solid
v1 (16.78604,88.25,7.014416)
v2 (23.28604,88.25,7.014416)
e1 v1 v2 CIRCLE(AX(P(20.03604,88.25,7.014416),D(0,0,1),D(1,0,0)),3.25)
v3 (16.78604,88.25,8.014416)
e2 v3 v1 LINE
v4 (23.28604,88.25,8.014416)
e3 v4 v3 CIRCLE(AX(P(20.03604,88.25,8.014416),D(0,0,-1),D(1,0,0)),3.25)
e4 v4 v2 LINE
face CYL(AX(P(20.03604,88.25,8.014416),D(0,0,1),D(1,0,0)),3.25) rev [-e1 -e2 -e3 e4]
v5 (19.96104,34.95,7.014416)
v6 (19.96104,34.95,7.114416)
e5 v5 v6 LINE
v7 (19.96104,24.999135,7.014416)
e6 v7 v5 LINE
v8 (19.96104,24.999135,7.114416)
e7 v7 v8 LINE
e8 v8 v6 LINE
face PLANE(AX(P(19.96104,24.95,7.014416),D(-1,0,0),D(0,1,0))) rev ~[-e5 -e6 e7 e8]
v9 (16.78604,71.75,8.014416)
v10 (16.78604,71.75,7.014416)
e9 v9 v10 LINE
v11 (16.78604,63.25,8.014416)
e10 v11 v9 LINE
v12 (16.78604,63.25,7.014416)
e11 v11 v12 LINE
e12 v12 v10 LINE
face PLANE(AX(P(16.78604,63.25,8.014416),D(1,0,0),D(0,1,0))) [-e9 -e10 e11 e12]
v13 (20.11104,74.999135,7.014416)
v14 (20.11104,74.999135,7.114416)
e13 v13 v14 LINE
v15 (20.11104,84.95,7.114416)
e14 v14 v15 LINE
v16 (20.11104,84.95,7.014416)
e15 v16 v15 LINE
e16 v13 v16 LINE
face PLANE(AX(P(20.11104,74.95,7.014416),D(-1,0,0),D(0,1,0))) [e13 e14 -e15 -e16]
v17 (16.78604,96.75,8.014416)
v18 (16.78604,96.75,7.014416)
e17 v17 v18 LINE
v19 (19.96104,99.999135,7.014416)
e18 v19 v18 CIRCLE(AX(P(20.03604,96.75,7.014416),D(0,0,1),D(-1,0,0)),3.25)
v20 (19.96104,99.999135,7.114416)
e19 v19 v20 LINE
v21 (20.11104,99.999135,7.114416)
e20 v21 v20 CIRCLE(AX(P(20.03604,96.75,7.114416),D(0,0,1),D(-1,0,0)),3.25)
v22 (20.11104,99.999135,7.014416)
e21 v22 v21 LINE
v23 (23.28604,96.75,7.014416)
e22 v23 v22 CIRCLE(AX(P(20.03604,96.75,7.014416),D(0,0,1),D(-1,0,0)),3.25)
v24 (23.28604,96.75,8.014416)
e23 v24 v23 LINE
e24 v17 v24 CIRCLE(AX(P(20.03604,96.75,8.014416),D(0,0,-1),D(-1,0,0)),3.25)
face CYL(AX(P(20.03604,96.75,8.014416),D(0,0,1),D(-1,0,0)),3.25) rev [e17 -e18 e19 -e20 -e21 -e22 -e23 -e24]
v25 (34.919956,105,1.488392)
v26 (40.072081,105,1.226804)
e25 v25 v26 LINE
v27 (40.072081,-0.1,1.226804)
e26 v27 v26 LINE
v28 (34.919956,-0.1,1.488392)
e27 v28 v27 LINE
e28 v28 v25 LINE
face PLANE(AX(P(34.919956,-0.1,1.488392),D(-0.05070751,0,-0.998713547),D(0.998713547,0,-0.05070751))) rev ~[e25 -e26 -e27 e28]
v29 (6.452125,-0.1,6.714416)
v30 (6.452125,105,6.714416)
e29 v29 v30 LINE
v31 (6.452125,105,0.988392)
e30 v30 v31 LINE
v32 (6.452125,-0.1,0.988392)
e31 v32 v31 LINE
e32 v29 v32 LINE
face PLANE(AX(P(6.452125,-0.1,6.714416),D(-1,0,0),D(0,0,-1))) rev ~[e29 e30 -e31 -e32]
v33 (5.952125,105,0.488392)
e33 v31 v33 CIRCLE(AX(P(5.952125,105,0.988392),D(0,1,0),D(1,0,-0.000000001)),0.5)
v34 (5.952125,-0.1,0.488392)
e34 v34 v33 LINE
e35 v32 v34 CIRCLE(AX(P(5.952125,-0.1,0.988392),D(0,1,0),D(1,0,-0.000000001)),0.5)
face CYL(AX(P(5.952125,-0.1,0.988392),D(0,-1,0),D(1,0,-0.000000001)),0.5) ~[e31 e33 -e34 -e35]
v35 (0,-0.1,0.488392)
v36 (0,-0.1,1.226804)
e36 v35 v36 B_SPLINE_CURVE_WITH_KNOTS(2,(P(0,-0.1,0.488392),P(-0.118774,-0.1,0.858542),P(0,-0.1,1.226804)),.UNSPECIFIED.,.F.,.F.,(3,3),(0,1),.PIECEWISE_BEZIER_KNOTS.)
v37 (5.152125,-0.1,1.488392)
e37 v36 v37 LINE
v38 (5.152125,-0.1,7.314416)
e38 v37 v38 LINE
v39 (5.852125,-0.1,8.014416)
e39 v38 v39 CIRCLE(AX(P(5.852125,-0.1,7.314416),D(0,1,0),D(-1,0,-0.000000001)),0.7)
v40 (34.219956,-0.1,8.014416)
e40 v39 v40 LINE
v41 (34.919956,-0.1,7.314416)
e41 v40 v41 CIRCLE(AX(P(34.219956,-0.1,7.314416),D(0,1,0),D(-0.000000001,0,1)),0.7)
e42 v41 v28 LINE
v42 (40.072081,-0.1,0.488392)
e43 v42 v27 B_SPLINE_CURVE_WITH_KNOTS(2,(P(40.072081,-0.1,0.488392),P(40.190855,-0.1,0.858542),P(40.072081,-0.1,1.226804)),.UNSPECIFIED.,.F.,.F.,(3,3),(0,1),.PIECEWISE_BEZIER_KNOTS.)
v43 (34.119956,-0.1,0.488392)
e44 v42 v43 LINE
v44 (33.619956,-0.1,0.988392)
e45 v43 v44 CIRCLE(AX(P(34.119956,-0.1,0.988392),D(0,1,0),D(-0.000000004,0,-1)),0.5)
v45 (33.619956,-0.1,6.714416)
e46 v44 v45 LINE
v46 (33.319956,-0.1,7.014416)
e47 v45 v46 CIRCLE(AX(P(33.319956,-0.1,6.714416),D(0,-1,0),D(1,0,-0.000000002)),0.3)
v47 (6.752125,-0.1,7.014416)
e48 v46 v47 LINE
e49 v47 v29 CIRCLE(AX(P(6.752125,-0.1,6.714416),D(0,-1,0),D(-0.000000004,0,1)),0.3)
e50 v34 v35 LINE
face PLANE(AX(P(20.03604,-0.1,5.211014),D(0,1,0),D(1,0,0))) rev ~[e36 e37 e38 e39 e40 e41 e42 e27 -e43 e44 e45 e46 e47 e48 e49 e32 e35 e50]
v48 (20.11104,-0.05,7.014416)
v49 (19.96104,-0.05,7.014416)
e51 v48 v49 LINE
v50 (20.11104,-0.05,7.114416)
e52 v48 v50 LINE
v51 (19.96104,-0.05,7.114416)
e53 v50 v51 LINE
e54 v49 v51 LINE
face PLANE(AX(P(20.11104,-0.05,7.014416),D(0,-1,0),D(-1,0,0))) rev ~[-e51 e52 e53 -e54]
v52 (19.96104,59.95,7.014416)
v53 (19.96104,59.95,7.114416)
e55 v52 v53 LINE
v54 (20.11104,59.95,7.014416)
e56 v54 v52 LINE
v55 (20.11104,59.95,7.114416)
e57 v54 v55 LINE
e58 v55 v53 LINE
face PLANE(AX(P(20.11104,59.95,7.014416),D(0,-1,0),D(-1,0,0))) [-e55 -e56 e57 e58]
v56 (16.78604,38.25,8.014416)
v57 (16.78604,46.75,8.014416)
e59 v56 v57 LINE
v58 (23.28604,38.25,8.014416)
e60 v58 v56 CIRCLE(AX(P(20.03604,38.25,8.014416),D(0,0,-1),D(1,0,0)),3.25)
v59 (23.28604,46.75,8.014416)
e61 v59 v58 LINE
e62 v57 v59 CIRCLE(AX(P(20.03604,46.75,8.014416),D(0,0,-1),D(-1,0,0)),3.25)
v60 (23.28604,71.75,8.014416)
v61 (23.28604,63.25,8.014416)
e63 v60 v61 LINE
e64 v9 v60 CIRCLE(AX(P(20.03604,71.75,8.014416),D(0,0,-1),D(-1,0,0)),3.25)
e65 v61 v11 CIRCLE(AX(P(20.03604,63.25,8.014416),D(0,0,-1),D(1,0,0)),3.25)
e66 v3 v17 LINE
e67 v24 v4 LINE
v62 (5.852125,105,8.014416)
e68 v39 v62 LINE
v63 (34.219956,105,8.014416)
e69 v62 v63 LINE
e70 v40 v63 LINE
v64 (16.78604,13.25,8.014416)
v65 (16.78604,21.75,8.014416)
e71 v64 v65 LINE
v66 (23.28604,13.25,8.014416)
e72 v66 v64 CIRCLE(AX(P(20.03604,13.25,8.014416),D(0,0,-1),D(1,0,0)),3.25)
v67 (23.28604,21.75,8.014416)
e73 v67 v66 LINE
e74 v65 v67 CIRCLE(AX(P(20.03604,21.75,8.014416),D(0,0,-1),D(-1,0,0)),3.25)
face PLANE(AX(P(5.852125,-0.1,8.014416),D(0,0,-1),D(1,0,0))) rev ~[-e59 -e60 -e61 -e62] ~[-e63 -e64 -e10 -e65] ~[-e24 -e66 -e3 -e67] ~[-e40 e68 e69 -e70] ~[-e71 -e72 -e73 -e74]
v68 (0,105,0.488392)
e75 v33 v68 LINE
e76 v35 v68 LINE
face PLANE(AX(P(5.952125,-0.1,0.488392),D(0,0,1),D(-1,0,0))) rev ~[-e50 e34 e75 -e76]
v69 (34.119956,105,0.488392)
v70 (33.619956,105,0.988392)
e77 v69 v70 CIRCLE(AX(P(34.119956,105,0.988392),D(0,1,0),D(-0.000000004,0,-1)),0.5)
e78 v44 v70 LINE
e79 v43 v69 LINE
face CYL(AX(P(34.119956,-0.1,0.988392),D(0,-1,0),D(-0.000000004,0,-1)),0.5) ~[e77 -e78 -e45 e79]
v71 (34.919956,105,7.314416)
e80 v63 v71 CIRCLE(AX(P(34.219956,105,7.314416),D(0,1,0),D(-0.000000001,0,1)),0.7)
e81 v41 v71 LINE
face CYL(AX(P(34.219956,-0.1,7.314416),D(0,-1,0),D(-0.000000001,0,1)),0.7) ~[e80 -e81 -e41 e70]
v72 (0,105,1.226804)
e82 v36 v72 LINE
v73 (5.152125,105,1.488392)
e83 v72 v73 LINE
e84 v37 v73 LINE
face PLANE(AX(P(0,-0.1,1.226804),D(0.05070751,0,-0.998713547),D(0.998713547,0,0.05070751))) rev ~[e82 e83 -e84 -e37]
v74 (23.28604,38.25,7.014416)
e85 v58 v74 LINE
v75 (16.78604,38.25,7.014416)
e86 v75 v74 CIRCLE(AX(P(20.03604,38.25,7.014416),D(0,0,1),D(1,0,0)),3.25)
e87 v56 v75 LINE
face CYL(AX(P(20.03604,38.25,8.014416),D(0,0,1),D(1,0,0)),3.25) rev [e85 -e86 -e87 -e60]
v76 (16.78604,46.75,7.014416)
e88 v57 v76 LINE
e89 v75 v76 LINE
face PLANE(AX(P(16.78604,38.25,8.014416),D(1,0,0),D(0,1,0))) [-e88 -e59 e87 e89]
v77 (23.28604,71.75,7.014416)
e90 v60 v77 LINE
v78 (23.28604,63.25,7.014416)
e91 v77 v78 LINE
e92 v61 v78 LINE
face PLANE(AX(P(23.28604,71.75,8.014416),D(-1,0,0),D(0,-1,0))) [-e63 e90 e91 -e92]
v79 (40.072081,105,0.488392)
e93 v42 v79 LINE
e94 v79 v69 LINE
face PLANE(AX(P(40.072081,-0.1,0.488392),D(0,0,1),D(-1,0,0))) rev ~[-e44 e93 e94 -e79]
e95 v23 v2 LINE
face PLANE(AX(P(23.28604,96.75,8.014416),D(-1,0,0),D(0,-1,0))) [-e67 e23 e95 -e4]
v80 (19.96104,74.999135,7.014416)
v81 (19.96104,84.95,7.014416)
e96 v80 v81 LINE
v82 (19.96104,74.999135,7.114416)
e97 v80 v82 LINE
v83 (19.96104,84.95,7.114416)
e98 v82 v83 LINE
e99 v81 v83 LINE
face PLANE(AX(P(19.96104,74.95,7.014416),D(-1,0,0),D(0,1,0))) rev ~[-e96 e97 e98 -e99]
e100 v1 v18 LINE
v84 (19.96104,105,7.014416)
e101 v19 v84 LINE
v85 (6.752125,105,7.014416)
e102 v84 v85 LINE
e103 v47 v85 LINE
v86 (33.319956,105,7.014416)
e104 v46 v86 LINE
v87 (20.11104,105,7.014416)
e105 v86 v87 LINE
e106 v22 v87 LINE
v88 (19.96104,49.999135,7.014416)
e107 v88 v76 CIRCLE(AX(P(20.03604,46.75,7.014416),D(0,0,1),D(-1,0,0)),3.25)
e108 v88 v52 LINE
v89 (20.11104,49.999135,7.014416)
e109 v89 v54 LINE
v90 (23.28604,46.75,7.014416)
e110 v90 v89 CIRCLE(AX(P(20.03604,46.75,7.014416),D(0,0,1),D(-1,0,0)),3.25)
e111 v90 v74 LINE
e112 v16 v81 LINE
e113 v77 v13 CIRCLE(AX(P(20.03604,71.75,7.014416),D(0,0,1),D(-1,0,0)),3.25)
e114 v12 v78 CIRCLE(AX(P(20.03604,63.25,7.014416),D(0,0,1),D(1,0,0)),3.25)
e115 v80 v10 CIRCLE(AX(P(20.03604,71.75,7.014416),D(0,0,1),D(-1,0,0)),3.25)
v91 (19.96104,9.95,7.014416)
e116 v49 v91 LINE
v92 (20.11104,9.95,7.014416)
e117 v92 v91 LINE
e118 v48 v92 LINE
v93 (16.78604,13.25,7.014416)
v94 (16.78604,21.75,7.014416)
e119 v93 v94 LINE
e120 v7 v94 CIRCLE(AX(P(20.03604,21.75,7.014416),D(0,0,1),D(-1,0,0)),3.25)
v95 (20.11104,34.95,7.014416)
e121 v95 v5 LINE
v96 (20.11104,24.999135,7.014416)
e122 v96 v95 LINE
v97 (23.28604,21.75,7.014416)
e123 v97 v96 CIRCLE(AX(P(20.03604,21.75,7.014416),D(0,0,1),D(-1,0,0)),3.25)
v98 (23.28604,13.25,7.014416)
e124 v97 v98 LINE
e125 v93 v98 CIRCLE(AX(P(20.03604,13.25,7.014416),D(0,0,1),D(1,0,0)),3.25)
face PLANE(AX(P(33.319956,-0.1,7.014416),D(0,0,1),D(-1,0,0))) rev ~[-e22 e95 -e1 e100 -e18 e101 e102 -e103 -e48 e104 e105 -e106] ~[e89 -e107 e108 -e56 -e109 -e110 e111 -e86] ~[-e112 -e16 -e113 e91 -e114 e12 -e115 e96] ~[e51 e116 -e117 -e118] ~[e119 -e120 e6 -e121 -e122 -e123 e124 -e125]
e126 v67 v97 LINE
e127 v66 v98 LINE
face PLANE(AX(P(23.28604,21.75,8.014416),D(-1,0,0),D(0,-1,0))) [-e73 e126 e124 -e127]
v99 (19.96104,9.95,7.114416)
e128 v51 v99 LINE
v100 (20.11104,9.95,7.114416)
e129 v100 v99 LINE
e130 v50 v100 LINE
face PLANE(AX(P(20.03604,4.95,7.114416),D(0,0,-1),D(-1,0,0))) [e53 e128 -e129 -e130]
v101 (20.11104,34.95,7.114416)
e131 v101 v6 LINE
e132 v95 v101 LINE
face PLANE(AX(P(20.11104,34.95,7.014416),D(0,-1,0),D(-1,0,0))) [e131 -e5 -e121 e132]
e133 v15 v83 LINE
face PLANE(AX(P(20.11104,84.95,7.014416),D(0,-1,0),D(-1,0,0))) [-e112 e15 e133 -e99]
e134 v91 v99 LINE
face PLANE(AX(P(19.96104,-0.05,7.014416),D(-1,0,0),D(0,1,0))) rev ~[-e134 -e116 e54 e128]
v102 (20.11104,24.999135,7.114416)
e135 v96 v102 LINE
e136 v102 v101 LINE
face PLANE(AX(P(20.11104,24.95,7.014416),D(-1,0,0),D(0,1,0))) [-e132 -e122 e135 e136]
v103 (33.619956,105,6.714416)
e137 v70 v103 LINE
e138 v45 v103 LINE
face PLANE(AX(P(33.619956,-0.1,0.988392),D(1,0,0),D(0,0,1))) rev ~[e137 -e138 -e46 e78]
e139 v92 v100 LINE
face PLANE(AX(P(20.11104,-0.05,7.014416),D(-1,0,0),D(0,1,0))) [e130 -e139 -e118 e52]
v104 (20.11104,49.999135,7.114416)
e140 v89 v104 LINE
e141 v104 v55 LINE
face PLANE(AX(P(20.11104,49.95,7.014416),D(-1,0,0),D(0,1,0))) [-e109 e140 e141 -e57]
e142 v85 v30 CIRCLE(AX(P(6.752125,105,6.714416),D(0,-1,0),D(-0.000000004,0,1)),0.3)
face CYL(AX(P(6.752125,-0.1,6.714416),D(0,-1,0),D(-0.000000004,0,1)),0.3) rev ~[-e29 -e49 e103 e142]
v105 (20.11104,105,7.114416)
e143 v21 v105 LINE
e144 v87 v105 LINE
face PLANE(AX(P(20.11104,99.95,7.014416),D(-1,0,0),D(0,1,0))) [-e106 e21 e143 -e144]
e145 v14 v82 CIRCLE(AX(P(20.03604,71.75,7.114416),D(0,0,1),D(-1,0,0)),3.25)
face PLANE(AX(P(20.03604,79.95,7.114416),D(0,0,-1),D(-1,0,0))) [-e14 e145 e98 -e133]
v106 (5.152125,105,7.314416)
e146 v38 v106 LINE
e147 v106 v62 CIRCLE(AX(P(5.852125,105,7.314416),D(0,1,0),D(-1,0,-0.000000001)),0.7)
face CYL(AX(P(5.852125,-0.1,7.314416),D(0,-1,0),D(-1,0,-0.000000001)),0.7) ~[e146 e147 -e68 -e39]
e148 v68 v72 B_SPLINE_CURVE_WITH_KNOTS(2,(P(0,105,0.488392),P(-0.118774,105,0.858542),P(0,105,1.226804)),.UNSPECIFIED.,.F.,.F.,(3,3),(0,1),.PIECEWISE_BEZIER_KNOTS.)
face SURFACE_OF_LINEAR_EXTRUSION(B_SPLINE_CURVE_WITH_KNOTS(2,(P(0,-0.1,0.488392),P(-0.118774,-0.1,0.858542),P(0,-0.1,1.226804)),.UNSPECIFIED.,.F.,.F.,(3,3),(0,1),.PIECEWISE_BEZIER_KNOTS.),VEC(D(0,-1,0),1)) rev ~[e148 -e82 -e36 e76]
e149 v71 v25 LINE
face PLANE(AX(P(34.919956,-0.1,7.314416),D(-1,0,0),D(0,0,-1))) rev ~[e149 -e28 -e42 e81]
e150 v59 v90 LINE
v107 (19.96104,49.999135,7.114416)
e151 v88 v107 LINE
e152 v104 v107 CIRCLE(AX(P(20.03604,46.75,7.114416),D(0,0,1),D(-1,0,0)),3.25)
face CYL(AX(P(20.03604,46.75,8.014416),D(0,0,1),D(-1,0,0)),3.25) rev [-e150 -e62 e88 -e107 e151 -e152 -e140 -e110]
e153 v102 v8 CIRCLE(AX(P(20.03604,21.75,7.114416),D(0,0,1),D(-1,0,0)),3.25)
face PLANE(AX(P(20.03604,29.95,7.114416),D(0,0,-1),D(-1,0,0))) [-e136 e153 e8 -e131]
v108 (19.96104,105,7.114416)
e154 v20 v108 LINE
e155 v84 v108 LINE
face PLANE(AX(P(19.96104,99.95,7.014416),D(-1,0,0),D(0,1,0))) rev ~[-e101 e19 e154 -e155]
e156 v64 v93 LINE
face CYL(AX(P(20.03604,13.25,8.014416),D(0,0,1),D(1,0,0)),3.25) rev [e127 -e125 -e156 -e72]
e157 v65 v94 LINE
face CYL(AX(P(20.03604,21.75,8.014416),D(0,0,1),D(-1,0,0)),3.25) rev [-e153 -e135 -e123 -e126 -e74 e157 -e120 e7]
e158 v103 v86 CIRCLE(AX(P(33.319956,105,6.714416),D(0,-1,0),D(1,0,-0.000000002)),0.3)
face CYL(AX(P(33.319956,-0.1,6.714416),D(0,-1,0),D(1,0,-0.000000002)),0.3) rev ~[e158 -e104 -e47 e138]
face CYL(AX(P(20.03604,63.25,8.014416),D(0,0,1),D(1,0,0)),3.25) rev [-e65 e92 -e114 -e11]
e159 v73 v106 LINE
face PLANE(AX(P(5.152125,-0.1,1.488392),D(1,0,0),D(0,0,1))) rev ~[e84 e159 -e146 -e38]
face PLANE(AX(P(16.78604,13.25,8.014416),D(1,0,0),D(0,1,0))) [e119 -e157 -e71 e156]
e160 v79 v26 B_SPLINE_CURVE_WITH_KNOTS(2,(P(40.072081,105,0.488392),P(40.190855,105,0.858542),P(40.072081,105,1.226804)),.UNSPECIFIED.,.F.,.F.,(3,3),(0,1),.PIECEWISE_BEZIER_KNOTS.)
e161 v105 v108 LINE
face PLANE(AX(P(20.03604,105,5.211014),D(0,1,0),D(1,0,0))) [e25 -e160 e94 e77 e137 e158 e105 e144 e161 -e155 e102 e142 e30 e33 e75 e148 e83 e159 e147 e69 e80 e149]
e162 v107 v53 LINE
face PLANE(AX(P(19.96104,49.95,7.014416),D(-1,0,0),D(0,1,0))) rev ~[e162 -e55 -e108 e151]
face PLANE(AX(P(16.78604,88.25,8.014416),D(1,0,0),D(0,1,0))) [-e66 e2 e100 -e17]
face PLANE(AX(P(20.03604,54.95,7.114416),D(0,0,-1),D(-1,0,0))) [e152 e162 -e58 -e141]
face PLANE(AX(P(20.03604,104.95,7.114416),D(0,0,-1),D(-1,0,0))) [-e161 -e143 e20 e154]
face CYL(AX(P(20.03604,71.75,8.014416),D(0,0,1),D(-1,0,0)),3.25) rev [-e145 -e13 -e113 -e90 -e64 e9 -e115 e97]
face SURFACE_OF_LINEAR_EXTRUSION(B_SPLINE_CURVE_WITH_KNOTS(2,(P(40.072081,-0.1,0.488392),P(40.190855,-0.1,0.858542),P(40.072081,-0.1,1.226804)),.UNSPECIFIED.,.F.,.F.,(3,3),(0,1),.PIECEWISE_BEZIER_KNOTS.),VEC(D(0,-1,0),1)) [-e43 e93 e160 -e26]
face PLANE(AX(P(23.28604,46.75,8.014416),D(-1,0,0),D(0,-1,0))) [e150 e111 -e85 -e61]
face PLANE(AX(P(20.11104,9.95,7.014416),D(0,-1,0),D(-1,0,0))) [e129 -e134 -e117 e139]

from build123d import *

# Parameters (mm, degrees)
SALIENTE_EXTRUIR1_DEPTH      = 105
SALIENTE_EXTRUIR1_DEPTH_BACK = 0.1
CORTAR_EXTRUIR4_DEPTH        = 10
CROQUIS4_W                   = 0.15
CROQUIS4_H                   = 10
CORTAR_EXTRUIR9_DEPTH        = 0.1


with BuildPart() as part:
    # Croquis1 → Saliente-Extruir1 (new, two sides: drawn at the far end of the back side and taken through both)
    with BuildSketch(Plane(origin=(0, 0, 0), x_dir=(1, 0, 0), z_dir=(0, 1, 0)).offset(-SALIENTE_EXTRUIR1_DEPTH_BACK)):
        with BuildLine():
            Line((34.919955981, -1.488391566), (40.072080634, -1.226803632))
            add(Edge.make_bspline(
                [(40.072080634, -0.488391566), (40.190854748, -0.858541724), (40.072080634, -1.226803632)],
                knots=[0, 0, 0, 1, 1, 1], degree=2))
            Line((40.072080634, -0.488391566), (34.119955981, -0.488391566))
            ThreePointArc((34.119955981, -0.488391566), (33.766402591, -0.634838176), (33.619955981, -0.988391566))
            Line((33.619955981, -0.988391566), (33.619955981, -6.714416127))
            ThreePointArc((33.619955981, -6.714416127), (33.532088016, -6.926548161), (33.319955981, -7.014416127))
            Line((33.319955981, -7.014416127), (6.752124653, -7.014416127))
            ThreePointArc((6.752124653, -7.014416127), (6.539992619, -6.926548161), (6.452124653, -6.714416127))
            Line((6.452124653, -6.714416127), (6.452124653, -0.988391566))
            ThreePointArc((6.452124653, -0.988391566), (6.305678044, -0.634838176), (5.952124653, -0.488391566))
            Line((5.952124653, -0.488391566), (0, -0.488391566))
            add(Edge.make_bspline(
                [(0, -0.488391566), (-0.118774114, -0.858541724), (0, -1.226803632)],
                knots=[0, 0, 0, 1, 1, 1], degree=2))
            Line((0, -1.226803632), (5.152124653, -1.488391566))
            Line((5.152124653, -1.488391566), (5.152124653, -7.314416127))
            ThreePointArc((5.152124653, -7.314416127), (5.357149906, -7.809390874), (5.852124653, -8.014416127))
            Line((5.852124653, -8.014416127), (34.219955981, -8.014416127))
            ThreePointArc((34.219955981, -8.014416127), (34.714930728, -7.809390874), (34.919955981, -7.314416127))
            Line((34.919955981, -7.314416127), (34.919955981, -1.488391566))
        make_face()
    extrude(amount=SALIENTE_EXTRUIR1_DEPTH + SALIENTE_EXTRUIR1_DEPTH_BACK)

    # Croquis2 → Cortar-Extruir4 (cut)
    with BuildSketch(Plane.XY.offset(8.014416127)):
        with BuildLine():
            Line((16.786040317, 38.25), (16.786040317, 46.75))
            ThreePointArc((16.786040317, 46.75), (20.036040317, 50), (23.286040317, 46.75))
            Line((23.286040317, 46.75), (23.286040317, 38.25))
            ThreePointArc((23.286040317, 38.25), (20.036040317, 35), (16.786040317, 38.25))
        make_face()
        with BuildLine():
            Line((16.786040317, 13.25), (16.786040317, 21.75))
            ThreePointArc((16.786040317, 21.75), (20.036040317, 25), (23.286040317, 21.75))
            Line((23.286040317, 21.75), (23.286040317, 13.25))
            ThreePointArc((23.286040317, 13.25), (20.036040317, 10), (16.786040317, 13.25))
        make_face()
        with BuildLine():
            Line((16.786040317, 63.25), (16.786040317, 71.75))
            ThreePointArc((16.786040317, 71.75), (20.036040317, 75), (23.286040317, 71.75))
            Line((23.286040317, 71.75), (23.286040317, 63.25))
            ThreePointArc((23.286040317, 63.25), (20.036040317, 60), (16.786040317, 63.25))
        make_face()
        with BuildLine():
            Line((16.786040317, 88.25), (16.786040317, 96.75))
            ThreePointArc((16.786040317, 96.75), (20.036040317, 100), (23.286040317, 96.75))
            Line((23.286040317, 96.75), (23.286040317, 88.25))
            ThreePointArc((23.286040317, 88.25), (20.036040317, 85), (16.786040317, 88.25))
        make_face()
        with BuildLine():
            Line((16.786040317, 113.25), (16.786040317, 121.75))
            ThreePointArc((16.786040317, 121.75), (20.036040317, 125), (23.286040317, 121.75))
            Line((23.286040317, 121.75), (23.286040317, 113.25))
            ThreePointArc((23.286040317, 113.25), (20.036040317, 110), (16.786040317, 113.25))
        make_face()
        with BuildLine():
            Line((16.786040317, 138.25), (16.786040317, 146.75))
            ThreePointArc((16.786040317, 146.75), (20.036040317, 150), (23.286040317, 146.75))
            Line((23.286040317, 146.75), (23.286040317, 138.25))
            ThreePointArc((23.286040317, 138.25), (20.036040317, 135), (16.786040317, 138.25))
        make_face()
        with BuildLine():
            Line((16.786040317, 163.25), (16.786040317, 171.75))
            ThreePointArc((16.786040317, 171.75), (20.036040317, 175), (23.286040317, 171.75))
            Line((23.286040317, 171.75), (23.286040317, 163.25))
            ThreePointArc((23.286040317, 163.25), (20.036040317, 160), (16.786040317, 163.25))
        make_face()
        with BuildLine():
            Line((16.786040317, 188.25), (16.786040317, 196.75))
            ThreePointArc((16.786040317, 196.75), (20.036040317, 200), (23.286040317, 196.75))
            Line((23.286040317, 196.75), (23.286040317, 188.25))
            ThreePointArc((23.286040317, 188.25), (20.036040317, 185), (16.786040317, 188.25))
        make_face()
    extrude(amount=-CORTAR_EXTRUIR4_DEPTH, mode=Mode.SUBTRACT)

    # Croquis4 → Cortar-Extruir9 (cut)
    with BuildSketch(Plane(origin=(0, 0, 7.014416127), x_dir=(-1, 0, 0), z_dir=(0, 0, -1))):
        with Locations((-20.036040317, 29.95)):
            Rectangle(CROQUIS4_W, CROQUIS4_H)
        with Locations((-20.036040317, 4.95)):
            Rectangle(CROQUIS4_W, CROQUIS4_H)
        with Locations((-20.036040317, 54.95)):
            Rectangle(CROQUIS4_W, CROQUIS4_H)
        with Locations((-20.036040317, 79.95)):
            Rectangle(CROQUIS4_W, CROQUIS4_H)
        with Locations((-20.036040317, 104.95)):
            Rectangle(CROQUIS4_W, CROQUIS4_H)
        with Locations((-20.036040317, 129.95)):
            Rectangle(CROQUIS4_W, CROQUIS4_H)
        with Locations((-20.036040317, 154.95)):
            Rectangle(CROQUIS4_W, CROQUIS4_H)
        with Locations((-20.036040317, 179.95)):
            Rectangle(CROQUIS4_W, CROQUIS4_H)
    extrude(amount=-CORTAR_EXTRUIR9_DEPTH, mode=Mode.SUBTRACT)


solid = part.part
